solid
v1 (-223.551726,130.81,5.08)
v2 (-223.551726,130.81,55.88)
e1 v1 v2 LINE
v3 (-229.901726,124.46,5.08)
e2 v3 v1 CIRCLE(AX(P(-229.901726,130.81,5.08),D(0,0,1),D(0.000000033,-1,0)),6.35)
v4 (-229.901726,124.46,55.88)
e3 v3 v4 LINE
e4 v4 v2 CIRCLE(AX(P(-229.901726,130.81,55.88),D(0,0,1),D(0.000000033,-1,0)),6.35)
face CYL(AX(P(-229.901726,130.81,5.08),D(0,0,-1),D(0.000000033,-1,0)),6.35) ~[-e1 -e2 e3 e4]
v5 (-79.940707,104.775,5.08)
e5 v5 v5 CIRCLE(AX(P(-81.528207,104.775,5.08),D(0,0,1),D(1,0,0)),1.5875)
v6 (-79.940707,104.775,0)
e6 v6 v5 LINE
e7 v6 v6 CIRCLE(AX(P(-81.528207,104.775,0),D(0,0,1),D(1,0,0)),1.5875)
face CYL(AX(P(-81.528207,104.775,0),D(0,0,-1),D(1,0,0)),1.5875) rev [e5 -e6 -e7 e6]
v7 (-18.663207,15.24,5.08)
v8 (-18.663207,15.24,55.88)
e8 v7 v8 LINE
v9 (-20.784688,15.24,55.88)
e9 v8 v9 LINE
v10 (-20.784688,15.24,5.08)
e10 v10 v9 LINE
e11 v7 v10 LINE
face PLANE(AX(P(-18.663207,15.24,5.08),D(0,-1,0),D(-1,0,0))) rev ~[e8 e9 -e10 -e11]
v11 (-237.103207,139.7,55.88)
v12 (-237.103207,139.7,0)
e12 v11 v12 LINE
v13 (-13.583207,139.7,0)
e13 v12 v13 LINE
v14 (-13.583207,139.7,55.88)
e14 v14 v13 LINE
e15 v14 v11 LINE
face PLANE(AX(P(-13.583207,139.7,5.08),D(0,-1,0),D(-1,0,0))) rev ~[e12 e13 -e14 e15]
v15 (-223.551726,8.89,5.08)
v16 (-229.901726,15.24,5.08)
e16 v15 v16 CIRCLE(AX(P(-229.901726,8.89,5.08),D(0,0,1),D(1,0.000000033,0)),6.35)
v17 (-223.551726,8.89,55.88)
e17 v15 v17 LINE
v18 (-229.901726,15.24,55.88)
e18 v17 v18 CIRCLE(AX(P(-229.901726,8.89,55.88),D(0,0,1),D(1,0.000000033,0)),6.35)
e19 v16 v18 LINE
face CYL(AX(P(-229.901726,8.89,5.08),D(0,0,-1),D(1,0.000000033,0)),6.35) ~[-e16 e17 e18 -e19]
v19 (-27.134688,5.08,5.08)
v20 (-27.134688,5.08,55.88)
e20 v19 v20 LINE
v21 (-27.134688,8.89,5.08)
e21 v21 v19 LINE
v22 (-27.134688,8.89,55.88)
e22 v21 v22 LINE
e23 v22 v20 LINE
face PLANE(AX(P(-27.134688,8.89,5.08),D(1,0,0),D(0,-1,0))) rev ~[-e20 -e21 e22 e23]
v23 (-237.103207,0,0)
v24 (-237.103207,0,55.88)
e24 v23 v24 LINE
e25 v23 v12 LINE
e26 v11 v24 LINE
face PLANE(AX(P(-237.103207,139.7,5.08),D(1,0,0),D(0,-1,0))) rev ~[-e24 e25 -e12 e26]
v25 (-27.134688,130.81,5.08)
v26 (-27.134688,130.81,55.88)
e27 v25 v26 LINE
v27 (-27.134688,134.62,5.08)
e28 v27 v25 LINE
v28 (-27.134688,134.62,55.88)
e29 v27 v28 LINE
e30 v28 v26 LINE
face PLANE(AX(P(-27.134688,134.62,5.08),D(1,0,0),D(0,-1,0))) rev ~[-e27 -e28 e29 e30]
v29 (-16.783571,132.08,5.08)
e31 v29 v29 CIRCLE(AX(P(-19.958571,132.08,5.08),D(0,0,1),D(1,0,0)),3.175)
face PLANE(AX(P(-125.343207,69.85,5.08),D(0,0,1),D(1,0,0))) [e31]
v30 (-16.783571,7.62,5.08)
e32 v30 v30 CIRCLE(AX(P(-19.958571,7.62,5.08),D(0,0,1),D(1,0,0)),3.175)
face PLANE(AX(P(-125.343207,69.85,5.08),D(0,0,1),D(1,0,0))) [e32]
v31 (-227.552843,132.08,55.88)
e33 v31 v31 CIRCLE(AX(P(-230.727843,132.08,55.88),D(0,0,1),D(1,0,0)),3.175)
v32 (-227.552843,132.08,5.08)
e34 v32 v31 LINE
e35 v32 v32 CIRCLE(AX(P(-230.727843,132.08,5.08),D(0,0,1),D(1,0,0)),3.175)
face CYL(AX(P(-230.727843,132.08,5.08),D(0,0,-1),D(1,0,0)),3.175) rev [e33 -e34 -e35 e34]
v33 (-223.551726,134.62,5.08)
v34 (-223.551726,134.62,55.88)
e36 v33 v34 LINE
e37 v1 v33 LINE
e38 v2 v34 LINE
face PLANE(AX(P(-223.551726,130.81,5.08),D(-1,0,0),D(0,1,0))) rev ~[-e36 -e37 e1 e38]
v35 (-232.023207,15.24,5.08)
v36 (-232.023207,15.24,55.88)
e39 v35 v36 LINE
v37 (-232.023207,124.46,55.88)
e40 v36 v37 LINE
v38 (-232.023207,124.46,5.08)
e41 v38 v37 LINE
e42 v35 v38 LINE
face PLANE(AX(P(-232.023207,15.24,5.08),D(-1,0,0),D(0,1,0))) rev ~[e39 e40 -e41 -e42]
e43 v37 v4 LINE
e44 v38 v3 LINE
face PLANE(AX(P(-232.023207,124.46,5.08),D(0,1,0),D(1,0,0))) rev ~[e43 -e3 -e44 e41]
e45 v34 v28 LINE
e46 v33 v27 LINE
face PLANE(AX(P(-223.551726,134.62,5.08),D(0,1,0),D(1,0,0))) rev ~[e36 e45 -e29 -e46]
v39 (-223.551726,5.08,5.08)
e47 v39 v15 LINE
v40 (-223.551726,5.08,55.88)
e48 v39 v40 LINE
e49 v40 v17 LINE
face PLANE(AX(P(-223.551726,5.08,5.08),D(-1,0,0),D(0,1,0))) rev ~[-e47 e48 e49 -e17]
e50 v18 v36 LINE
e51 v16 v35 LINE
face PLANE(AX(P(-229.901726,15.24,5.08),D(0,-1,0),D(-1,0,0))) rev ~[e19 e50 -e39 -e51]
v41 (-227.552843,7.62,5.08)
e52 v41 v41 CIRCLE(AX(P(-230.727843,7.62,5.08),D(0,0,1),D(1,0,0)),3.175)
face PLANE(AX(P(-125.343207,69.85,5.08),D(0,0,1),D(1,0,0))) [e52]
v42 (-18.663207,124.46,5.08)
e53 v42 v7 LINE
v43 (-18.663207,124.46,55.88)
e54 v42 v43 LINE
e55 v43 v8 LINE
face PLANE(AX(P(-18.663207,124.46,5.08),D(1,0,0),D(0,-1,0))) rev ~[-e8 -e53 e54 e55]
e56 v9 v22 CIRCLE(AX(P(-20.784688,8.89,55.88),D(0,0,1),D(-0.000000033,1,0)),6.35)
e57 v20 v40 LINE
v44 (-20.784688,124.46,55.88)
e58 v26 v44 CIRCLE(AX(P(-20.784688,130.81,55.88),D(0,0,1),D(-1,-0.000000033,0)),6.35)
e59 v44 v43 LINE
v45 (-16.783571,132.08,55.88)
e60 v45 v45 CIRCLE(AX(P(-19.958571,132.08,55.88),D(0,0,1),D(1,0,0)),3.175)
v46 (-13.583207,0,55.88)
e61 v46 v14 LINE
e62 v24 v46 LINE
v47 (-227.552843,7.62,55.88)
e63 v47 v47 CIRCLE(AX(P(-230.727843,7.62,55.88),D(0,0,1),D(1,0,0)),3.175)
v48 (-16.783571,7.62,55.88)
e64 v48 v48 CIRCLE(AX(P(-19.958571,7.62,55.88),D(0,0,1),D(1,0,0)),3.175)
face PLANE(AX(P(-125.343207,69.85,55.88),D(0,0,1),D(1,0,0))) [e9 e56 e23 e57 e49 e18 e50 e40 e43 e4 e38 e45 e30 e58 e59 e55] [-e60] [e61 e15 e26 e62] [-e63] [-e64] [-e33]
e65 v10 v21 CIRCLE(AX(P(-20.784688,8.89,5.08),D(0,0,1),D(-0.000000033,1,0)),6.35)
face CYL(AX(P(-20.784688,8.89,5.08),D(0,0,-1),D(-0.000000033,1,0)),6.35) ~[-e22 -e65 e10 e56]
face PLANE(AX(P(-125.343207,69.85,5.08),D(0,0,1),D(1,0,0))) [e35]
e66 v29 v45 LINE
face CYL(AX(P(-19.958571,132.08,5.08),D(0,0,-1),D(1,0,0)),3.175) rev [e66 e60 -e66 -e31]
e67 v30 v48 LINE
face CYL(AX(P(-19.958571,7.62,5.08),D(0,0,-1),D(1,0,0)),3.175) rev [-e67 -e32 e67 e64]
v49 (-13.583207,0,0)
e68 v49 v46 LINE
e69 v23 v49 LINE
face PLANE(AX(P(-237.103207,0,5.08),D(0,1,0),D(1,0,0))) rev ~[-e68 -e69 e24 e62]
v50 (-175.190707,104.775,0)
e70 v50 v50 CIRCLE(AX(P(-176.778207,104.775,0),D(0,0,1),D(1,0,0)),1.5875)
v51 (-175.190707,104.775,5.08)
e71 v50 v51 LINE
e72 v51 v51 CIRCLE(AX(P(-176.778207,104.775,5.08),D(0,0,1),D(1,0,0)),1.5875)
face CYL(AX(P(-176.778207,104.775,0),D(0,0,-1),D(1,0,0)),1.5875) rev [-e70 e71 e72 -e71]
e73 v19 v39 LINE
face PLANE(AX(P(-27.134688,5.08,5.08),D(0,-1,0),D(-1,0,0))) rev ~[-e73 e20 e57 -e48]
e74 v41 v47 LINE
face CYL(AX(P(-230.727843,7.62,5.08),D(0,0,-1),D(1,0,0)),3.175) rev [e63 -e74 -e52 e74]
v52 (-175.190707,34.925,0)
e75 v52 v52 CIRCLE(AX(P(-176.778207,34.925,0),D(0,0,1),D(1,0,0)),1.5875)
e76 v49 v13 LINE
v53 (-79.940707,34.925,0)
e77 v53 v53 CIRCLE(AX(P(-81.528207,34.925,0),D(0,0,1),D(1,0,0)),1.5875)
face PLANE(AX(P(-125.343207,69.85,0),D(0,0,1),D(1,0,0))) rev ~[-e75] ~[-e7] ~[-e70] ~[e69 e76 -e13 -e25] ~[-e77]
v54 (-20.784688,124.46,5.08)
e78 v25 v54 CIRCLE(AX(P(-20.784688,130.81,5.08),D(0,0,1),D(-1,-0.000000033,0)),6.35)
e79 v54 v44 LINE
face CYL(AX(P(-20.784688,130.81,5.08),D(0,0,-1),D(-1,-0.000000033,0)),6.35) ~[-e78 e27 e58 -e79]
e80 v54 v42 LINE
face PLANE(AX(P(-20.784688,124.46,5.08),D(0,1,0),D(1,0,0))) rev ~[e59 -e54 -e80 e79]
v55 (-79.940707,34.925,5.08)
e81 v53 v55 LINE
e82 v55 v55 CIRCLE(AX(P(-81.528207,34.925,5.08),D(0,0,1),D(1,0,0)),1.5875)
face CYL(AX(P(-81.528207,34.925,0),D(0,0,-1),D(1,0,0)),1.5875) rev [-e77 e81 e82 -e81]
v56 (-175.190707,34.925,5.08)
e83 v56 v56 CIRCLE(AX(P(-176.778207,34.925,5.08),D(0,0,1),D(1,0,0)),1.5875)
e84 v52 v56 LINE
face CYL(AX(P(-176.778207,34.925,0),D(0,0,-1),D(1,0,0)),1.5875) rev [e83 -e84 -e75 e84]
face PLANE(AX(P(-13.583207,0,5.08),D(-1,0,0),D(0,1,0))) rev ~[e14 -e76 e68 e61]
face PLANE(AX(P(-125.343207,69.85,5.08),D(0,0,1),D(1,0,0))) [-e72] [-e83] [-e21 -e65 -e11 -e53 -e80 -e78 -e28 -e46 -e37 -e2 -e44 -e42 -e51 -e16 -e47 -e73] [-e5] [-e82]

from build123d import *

# Parameters (mm, degrees)
F0_W     = 223.52
F0_H     = 139.7
F0_R     = 1.5875
F1_DEPTH = 5.08
F2_R     = 3.175
F3_DEPTH = 50.8


with BuildPart() as f1:
    # F0 (on Top) → F1 (new body)
    with BuildSketch(Plane.XY):
        with Locations((-125.343207, 69.85)):
            Rectangle(F0_W, F0_H)
        with Locations((-176.778207, 34.925)):
            Circle(F0_R, mode=Mode.SUBTRACT)
        with Locations((-81.528207, 34.925)):
            Circle(F0_R, mode=Mode.SUBTRACT)
        with Locations((-176.778207, 104.775)):
            Circle(F0_R, mode=Mode.SUBTRACT)
        with Locations((-81.528207, 104.775)):
            Circle(F0_R, mode=Mode.SUBTRACT)
    extrude(amount=F1_DEPTH)

    # F2 (on face) → F3 (join)
    with BuildSketch(Plane.XY.offset(5.08)):
        Polygon((-229.483207, 139.7), (-237.103207, 139.7), (-237.103207, 132.08), (-237.103207, 124.46), (-237.103207, 15.24), (-237.103207, 7.62), (-237.103207, 0), (-229.483207, 0), (-221.863207, 0), (-125.343207, 0), (-28.823207, 0), (-21.203207, 0), (-13.583207, 0), (-13.583207, 7.62), (-13.583207, 15.24), (-13.583207, 124.46), (-13.583207, 132.08), (-13.583207, 139.7), (-21.203207, 139.7), (-28.823207, 139.7), (-125.343207, 139.7), (-221.863207, 139.7), align=None)
        with Locations((-230.727843, 7.62)):
            Circle(F2_R, mode=Mode.SUBTRACT)
        with Locations((-19.958571, 7.62)):
            Circle(F2_R, mode=Mode.SUBTRACT)
        with Locations((-230.727843, 132.08)):
            Circle(F2_R, mode=Mode.SUBTRACT)
        with BuildLine():
            Line((-232.023207, 15.24), (-232.023207, 124.46))
            Line((-232.023207, 124.46), (-229.901726, 124.46))
            ThreePointArc((-229.901726, 124.46), (-225.411598, 126.319872), (-223.551726, 130.81))
            Line((-223.551726, 130.81), (-223.551726, 134.62))
            Line((-223.551726, 134.62), (-125.343207, 134.62))
            Line((-125.343207, 134.62), (-27.134688, 134.62))
            Line((-27.134688, 134.62), (-27.134688, 130.81))
            ThreePointArc((-27.134688, 130.81), (-25.274816, 126.319872), (-20.784688, 124.46))
            Line((-20.784688, 124.46), (-18.663207, 124.46))
            Line((-18.663207, 124.46), (-18.663207, 15.24))
            Line((-18.663207, 15.24), (-20.784688, 15.24))
            ThreePointArc((-20.784688, 15.24), (-25.274816, 13.380128), (-27.134688, 8.89))
            Line((-27.134688, 8.89), (-27.134688, 5.08))
            Line((-27.134688, 5.08), (-125.343207, 5.08))
            Line((-125.343207, 5.08), (-223.551726, 5.08))
            Line((-223.551726, 5.08), (-223.551726, 8.89))
            ThreePointArc((-223.551726, 8.89), (-225.411598, 13.380128), (-229.901726, 15.24))
            Line((-229.901726, 15.24), (-232.023207, 15.24))
        make_face(mode=Mode.SUBTRACT)
        with Locations((-19.958571, 132.08)):
            Circle(F2_R, mode=Mode.SUBTRACT)
    extrude(amount=F3_DEPTH)


solid = f1.part
